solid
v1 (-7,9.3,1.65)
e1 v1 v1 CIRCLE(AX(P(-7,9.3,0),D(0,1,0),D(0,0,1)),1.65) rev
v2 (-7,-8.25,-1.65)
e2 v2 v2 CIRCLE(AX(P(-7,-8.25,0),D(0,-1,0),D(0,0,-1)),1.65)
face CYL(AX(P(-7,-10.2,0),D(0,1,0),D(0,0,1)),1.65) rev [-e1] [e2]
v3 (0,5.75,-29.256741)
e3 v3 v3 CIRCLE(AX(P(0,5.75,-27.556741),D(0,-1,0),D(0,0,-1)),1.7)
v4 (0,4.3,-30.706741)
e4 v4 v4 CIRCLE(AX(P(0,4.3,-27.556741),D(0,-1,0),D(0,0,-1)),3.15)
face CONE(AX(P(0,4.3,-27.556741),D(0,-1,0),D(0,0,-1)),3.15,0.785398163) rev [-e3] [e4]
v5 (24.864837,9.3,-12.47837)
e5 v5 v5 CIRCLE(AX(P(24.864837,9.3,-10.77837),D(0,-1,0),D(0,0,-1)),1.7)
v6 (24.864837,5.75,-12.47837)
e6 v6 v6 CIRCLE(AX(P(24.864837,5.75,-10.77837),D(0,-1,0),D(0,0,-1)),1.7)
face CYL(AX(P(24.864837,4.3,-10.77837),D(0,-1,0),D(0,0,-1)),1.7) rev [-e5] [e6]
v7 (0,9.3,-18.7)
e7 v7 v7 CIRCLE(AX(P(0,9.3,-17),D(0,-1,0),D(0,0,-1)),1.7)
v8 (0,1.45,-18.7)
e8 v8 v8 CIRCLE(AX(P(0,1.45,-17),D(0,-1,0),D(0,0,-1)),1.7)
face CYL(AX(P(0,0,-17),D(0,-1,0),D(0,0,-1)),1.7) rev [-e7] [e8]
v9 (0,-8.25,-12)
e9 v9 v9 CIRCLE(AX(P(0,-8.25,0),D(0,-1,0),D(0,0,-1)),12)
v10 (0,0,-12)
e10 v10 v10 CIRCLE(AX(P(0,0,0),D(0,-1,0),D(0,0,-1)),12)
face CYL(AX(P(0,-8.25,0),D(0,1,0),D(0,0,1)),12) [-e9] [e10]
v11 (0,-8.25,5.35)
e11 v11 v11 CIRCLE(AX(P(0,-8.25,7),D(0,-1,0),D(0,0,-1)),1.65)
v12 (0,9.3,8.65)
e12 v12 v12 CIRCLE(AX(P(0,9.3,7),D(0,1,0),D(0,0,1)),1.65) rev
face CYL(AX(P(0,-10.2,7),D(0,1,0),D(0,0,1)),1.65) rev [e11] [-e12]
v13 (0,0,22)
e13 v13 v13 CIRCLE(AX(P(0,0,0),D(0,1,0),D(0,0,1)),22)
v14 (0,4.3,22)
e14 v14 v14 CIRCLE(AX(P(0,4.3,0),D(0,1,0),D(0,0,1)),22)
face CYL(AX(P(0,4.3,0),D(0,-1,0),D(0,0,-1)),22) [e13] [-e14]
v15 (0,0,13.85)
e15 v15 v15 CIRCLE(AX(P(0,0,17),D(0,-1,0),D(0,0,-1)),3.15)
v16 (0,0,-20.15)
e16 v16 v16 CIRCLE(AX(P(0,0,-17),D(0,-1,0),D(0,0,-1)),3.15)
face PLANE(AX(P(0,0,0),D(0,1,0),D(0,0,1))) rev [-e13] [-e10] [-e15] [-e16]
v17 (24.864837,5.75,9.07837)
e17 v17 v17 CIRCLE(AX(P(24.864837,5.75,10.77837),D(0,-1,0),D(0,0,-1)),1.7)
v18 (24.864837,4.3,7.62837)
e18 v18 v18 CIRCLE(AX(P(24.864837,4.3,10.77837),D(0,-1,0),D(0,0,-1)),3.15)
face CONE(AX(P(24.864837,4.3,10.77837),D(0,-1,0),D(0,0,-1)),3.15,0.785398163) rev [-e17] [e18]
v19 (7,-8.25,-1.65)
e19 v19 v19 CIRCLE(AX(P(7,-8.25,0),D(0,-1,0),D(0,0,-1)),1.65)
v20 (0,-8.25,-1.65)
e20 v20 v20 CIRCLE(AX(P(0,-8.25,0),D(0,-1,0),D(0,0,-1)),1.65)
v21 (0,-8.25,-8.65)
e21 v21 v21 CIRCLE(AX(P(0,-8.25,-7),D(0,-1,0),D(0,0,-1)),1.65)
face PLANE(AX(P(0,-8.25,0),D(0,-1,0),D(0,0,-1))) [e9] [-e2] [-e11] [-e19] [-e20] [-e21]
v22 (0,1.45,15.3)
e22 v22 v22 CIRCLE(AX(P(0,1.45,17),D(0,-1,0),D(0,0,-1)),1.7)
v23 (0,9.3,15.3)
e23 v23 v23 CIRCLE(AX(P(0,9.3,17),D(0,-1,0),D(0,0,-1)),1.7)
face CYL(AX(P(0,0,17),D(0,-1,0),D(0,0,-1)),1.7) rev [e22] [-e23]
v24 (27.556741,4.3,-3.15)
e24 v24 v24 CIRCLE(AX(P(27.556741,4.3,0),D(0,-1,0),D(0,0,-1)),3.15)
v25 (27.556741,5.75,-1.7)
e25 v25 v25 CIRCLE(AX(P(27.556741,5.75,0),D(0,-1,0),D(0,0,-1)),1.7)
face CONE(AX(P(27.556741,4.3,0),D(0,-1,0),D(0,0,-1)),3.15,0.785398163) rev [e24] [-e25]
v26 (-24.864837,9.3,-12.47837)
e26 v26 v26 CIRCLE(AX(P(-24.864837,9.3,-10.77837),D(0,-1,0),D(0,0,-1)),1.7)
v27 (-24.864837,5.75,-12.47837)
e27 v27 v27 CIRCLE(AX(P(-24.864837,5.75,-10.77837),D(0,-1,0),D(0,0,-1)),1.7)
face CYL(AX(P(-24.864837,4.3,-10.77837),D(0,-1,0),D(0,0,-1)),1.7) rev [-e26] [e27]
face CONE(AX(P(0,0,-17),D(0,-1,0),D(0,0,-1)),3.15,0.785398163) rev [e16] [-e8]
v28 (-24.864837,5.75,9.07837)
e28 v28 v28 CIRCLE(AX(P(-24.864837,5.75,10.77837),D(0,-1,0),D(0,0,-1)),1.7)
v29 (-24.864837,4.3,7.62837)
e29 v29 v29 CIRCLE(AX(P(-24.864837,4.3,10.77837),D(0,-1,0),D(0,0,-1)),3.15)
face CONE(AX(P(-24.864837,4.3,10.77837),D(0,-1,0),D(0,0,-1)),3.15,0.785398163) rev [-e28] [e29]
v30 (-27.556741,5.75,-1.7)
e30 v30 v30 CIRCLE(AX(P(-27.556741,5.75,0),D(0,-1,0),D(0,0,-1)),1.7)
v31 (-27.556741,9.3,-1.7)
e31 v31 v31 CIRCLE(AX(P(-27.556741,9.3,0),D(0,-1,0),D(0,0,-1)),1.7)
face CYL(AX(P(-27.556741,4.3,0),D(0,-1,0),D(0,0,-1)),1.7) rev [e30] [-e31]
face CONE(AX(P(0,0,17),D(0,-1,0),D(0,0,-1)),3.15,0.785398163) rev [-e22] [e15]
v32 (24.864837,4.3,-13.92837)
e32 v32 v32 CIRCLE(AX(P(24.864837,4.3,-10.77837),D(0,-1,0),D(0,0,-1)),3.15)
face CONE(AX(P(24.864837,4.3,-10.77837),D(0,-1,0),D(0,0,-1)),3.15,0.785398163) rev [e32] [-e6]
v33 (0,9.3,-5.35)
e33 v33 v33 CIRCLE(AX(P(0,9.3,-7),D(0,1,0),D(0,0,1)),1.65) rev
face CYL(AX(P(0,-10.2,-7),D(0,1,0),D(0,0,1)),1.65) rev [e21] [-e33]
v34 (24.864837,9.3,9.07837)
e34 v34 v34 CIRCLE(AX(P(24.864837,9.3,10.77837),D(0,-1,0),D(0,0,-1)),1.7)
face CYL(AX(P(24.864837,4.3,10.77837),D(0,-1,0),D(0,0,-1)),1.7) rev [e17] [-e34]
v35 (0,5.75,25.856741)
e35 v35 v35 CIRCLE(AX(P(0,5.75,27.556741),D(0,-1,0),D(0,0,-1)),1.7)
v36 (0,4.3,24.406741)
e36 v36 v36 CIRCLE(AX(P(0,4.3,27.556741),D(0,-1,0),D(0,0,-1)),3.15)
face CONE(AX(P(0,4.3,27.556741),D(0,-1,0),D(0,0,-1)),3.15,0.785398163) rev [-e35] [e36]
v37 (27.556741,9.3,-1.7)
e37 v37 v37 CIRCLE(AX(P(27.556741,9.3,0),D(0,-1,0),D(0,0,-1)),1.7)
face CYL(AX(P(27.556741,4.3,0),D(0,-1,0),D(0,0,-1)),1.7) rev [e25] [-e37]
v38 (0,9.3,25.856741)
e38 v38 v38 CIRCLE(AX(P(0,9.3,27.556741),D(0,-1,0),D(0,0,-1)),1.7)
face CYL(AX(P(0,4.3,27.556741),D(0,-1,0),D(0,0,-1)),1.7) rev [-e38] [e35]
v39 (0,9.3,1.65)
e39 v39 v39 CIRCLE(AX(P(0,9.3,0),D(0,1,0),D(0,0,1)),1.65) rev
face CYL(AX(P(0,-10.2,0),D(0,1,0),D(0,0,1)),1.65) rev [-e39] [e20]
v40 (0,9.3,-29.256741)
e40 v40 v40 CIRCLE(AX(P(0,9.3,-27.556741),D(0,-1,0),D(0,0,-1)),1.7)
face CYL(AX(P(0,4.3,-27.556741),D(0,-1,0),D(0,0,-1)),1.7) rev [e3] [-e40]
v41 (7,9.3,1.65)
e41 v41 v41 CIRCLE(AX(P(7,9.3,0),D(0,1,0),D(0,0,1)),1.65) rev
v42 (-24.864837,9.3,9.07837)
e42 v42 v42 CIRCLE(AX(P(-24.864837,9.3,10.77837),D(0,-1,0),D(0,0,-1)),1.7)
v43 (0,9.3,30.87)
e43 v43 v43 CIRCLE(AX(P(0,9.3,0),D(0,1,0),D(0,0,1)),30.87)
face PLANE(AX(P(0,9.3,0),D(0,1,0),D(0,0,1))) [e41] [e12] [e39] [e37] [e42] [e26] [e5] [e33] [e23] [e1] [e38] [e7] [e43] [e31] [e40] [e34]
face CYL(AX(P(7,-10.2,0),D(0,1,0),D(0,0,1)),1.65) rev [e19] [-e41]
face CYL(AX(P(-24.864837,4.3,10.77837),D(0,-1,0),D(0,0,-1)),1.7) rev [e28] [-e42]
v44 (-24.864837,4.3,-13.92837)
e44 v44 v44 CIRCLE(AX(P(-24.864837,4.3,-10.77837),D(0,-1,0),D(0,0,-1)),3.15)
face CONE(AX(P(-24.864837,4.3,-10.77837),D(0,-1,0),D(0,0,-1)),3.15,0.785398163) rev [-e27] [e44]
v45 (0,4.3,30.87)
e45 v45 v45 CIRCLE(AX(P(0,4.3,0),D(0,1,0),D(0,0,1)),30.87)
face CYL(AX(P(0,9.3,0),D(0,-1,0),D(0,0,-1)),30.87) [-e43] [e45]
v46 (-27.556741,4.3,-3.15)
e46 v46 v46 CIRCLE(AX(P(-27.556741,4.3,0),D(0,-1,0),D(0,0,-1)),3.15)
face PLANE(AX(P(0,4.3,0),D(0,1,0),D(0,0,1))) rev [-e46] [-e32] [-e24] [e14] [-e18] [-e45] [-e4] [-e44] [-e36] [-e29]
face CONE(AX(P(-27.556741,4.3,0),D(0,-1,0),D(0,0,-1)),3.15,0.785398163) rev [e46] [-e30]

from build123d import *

# Parameters (mm, degrees)
SKETCH1_R                                       = 22
BOSS_EXTRUDE1_DEPTH                             = 4.3
SKETCH2_R                                       = 12
BOSS_EXTRUDE2_DEPTH                             = 8.25
SKETCH3_R                                       = 1.65
CUT_EXTRUDE2_DEPTH                              = 14.5
SKETCH4_R                                       = 30.87
SKETCH4_R_2                                     = 1.65
BOSS_EXTRUDE4_DEPTH                             = 5
SKETCH6_R                                       = 1.65
CUT_EXTRUDE4_DEPTH                              = 10
CSK_FOR_M3_FLAT_HEAD_MACHINE_SCREW2_D           = 3.4
CSK_FOR_M3_FLAT_HEAD_MACHINE_SCREW2_CSINK_D     = 6.3
CSK_FOR_M3_FLAT_HEAD_MACHINE_SCREW2_CSINK_ANGLE = 90
SKETCH5_R                                       = 1.65
CUT_EXTRUDE3_DEPTH                              = 25
CSK_FOR_M3_FLAT_HEAD_MACHINE_SCREW3_D           = 3.4
CSK_FOR_M3_FLAT_HEAD_MACHINE_SCREW3_CSINK_D     = 6.3
CSK_FOR_M3_FLAT_HEAD_MACHINE_SCREW3_CSINK_ANGLE = 90


with BuildPart() as part:
    # Sketch1 → Boss-Extrude1 (new body)
    with BuildSketch(Plane(origin=(0, 0, 0), x_dir=(1, 0, 0), z_dir=(0, 1, 0))):
        Circle(SKETCH1_R)
    extrude(amount=BOSS_EXTRUDE1_DEPTH)

    # Sketch2 → Boss-Extrude2 (add)
    with BuildSketch(Plane.XZ):
        Circle(SKETCH2_R)
    extrude(amount=BOSS_EXTRUDE2_DEPTH)

    # Sketch3 → Cut-Extrude2 (cut)
    with BuildSketch(Plane(origin=(0, 4.3, 0), x_dir=(1, 0, 0), z_dir=(0, 1, 0))):
        Circle(SKETCH3_R)
        with Locations((0, 7)):
            Circle(SKETCH3_R)
        with Locations((7, 0)):
            Circle(SKETCH3_R)
        with Locations((0, -7)):
            Circle(SKETCH3_R)
        with Locations((-7, 0)):
            Circle(SKETCH3_R)
    extrude(amount=-CUT_EXTRUDE2_DEPTH, mode=Mode.SUBTRACT)

    # Sketch4 → Boss-Extrude4 (add)
    with BuildSketch(Plane(origin=(0, 4.3, 0), x_dir=(1, 0, 0), z_dir=(0, 1, 0))):
        Circle(SKETCH4_R)
        Circle(SKETCH4_R_2, mode=Mode.SUBTRACT)
        with Locations((0, 7)):
            Circle(SKETCH4_R_2, mode=Mode.SUBTRACT)
        with Locations((7, 0)):
            Circle(SKETCH4_R_2, mode=Mode.SUBTRACT)
        with Locations((0, -7)):
            Circle(SKETCH4_R_2, mode=Mode.SUBTRACT)
        with Locations((-7, 0)):
            Circle(SKETCH4_R_2, mode=Mode.SUBTRACT)
        with Locations((0, -17)):
            Circle(SKETCH4_R_2, mode=Mode.SUBTRACT)
        with Locations((0, 17)):
            Circle(SKETCH4_R_2, mode=Mode.SUBTRACT)
    extrude(amount=BOSS_EXTRUDE4_DEPTH)

    # Sketch6 → Cut-Extrude4 (cut)
    with BuildSketch(Plane(origin=(0, 9.3, 0), x_dir=(1, 0, 0), z_dir=(0, 1, 0))):
        with Locations((0, 27.5567407)):
            Circle(SKETCH6_R)
        with Locations((0, -27.5567407)):
            Circle(SKETCH6_R)
        with Locations((-24.864837492, -10.77837035)):
            Circle(SKETCH6_R)
        with Locations((-24.864837492, 10.77837035)):
            Circle(SKETCH6_R)
        with Locations((-27.5567407, 0)):
            Circle(SKETCH6_R)
        with Locations((27.5567407, 0)):
            Circle(SKETCH6_R)
        with Locations((24.864837492, -10.77837035)):
            Circle(SKETCH6_R)
        with Locations((24.864837492, 10.77837035)):
            Circle(SKETCH6_R)
    extrude(amount=-CUT_EXTRUDE4_DEPTH, mode=Mode.SUBTRACT)

    # CSK for M3 Flat Head Machine Screw2 (through all)
    with Locations(Plane(origin=(0, 4.3, 0), x_dir=(-1, 0, 0), z_dir=(0, -1, 0))):
        with Locations((0, -27.5567407), (-24.864837492, -10.77837035), (-27.5567407, 0), (-24.864837492, 10.77837035), (0, 27.5567407), (24.864837492, 10.77837035), (27.5567407, 0), (24.864837492, -10.77837035)):
            CounterSinkHole(CSK_FOR_M3_FLAT_HEAD_MACHINE_SCREW2_D / 2, CSK_FOR_M3_FLAT_HEAD_MACHINE_SCREW2_CSINK_D / 2, counter_sink_angle=CSK_FOR_M3_FLAT_HEAD_MACHINE_SCREW2_CSINK_ANGLE)

    # Sketch5 → Cut-Extrude3 (cut)
    with BuildSketch(Plane(origin=(0, 9.3, 0), x_dir=(1, 0, 0), z_dir=(0, 1, 0))):
        with Locations((0, -7)):
            Circle(SKETCH5_R)
        with Locations((0, 7)):
            Circle(SKETCH5_R)
        with Locations((0, -17)):
            Circle(SKETCH5_R)
        with Locations((0, 17)):
            Circle(SKETCH5_R)
    extrude(amount=-CUT_EXTRUDE3_DEPTH, mode=Mode.SUBTRACT)

    # CSK for M3 Flat Head Machine Screw3 (through all)
    with Locations(Plane(origin=(0, 0, 0), x_dir=(-1, 0, 0), z_dir=(0, -1, 0))):
        with Locations((0, -17), (0, 17)):
            CounterSinkHole(CSK_FOR_M3_FLAT_HEAD_MACHINE_SCREW3_D / 2, CSK_FOR_M3_FLAT_HEAD_MACHINE_SCREW3_CSINK_D / 2, counter_sink_angle=CSK_FOR_M3_FLAT_HEAD_MACHINE_SCREW3_CSINK_ANGLE)


solid = part.part
